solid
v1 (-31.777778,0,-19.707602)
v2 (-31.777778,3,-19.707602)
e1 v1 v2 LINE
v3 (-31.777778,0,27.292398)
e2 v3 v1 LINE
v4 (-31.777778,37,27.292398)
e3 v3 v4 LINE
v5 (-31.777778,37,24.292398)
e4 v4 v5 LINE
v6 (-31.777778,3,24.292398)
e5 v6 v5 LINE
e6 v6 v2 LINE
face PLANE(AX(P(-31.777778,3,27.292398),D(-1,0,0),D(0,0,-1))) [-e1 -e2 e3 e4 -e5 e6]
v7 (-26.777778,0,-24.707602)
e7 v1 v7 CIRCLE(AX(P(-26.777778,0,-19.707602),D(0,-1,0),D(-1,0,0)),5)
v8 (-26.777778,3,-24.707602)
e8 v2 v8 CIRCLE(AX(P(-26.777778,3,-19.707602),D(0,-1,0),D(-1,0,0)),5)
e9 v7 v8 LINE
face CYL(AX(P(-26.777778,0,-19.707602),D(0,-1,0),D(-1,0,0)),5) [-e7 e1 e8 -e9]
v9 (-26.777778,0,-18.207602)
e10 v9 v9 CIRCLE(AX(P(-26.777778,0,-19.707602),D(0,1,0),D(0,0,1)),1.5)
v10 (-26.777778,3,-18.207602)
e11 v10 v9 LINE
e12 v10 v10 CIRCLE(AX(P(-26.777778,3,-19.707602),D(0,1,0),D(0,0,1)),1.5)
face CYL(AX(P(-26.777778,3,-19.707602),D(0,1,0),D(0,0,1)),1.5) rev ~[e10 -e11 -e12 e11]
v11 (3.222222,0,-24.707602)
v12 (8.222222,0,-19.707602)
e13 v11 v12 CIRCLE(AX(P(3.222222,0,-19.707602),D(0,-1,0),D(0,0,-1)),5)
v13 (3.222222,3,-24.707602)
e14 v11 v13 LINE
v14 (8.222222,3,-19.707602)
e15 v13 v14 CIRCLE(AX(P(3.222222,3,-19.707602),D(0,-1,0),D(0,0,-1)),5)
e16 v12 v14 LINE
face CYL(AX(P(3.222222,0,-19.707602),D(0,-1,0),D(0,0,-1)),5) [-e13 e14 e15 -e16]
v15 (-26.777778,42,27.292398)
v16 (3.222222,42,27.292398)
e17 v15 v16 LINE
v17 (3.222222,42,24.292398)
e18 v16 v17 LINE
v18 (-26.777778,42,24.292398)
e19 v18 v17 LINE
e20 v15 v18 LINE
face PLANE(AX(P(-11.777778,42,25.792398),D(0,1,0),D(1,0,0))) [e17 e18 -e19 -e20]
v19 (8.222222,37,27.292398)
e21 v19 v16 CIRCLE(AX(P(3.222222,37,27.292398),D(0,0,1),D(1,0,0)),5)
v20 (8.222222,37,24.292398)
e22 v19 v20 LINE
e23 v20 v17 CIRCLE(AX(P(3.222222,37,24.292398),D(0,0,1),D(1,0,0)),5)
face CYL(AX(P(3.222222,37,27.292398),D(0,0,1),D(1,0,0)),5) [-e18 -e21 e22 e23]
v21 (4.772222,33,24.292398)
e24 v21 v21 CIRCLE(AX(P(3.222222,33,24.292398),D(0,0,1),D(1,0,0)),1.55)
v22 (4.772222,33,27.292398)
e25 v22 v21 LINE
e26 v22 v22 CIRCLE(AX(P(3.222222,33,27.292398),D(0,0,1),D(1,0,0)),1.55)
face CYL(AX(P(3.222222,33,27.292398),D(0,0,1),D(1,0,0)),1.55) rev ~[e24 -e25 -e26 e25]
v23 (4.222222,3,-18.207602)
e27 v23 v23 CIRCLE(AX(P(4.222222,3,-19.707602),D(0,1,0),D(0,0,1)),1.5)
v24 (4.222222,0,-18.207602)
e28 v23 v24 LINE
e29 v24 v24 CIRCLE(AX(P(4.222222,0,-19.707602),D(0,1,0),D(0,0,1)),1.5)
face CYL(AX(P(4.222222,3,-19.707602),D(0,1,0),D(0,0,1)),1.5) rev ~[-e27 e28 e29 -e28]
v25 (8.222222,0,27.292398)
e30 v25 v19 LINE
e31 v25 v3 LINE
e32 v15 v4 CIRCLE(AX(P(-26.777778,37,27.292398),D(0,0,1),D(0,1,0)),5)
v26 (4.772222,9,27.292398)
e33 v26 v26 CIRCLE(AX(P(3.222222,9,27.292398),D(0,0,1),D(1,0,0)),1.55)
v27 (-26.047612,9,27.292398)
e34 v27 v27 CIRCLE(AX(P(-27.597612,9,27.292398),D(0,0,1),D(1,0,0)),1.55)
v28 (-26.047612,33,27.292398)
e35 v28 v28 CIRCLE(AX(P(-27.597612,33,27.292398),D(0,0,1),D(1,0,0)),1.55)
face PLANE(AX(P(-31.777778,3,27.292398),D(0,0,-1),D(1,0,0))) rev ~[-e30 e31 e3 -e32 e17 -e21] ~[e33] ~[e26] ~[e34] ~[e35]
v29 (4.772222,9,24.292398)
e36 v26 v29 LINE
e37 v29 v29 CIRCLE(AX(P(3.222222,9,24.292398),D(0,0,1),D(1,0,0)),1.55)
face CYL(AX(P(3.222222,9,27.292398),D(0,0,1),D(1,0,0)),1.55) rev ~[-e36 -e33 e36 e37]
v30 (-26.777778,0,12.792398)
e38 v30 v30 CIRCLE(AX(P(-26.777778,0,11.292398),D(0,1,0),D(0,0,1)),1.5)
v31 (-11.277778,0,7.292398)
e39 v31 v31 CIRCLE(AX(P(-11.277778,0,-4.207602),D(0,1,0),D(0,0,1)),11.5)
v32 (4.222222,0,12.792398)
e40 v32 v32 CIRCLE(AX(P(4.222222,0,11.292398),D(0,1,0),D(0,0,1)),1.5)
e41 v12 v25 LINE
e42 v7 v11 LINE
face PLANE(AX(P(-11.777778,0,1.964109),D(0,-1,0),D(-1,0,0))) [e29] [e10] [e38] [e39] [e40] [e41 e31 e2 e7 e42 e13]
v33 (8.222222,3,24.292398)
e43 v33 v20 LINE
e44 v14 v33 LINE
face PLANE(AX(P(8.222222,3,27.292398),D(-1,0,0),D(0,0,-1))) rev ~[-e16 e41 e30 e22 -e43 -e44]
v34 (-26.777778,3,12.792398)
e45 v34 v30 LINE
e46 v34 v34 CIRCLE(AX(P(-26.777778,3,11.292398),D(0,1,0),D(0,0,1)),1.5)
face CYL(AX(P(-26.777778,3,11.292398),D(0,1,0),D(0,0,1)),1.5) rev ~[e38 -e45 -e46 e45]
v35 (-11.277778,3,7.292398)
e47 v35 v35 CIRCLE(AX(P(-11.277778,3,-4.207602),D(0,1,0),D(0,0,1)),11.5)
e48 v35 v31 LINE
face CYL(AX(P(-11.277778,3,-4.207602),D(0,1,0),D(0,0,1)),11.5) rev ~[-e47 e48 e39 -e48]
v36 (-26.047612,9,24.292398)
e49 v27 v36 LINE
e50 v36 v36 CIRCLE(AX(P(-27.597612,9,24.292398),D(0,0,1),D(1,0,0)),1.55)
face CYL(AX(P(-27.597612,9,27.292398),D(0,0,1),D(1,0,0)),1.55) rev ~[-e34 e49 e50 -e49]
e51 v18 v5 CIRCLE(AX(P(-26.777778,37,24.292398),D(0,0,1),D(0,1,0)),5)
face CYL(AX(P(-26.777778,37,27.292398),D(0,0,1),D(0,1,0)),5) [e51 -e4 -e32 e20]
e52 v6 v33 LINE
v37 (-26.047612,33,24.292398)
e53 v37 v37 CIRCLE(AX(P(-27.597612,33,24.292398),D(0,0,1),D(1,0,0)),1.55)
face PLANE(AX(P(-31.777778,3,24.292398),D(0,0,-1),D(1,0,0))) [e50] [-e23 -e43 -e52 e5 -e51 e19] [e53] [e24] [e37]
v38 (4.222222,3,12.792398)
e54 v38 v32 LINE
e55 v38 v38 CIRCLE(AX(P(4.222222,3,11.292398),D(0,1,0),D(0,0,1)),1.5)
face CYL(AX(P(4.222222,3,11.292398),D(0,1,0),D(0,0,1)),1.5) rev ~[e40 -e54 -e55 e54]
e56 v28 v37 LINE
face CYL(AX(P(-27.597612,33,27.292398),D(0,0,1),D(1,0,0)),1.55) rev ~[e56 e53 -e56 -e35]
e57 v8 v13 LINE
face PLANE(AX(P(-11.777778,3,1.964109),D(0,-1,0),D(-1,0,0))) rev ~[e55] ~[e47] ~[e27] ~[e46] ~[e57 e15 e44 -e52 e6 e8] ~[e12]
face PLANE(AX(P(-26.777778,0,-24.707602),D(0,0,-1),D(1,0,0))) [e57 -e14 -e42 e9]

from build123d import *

# Parameters (mm, degrees)
EXTRUDE_1_DEPTH     = 3
SKETCH_3_W          = 40
SKETCH_3_H          = 3
EXTRUDE_2_DEPTH     = 39
CUT_EXTRUDE_1_REACH = 76.012
CUT_EXTRUDE_2_REACH = 59.234
SKETCH_5_R          = 1.5
SKETCH_5_R_2        = 11.5
CUT_EXTRUDE_3_REACH = 76.012
SKETCH_6_R          = 1.55


with BuildPart() as part:
    # 草图2 → 凸台-拉伸1 (new body)
    with BuildSketch(Plane(origin=(0, 0, 0), x_dir=(1, 0, 0), z_dir=(0, 1, 0))):
        with BuildLine():
            Line((-26.777777778, 24.707602339), (3.222222222, 24.707602339))
            ThreePointArc((3.222222222, 24.707602339), (6.757756128, 23.243136245), (8.222222222, 19.707602339))
            Line((8.222222222, 19.707602339), (8.222222222, -27.292397661))
            Line((8.222222222, -27.292397661), (-31.777777778, -27.292397661))
            Line((-31.777777778, -27.292397661), (-31.777777778, 19.707602339))
            ThreePointArc((-31.777777778, 19.707602339), (-30.313311684, 23.243136245), (-26.777777778, 24.707602339))
        make_face()
    extrude(amount=EXTRUDE_1_DEPTH)

    # 草图3 → 凸台-拉伸2 (add)
    with BuildSketch(Plane(origin=(0, 3, 0), x_dir=(1, 0, 0), z_dir=(0, 1, 0))):
        with Locations((-11.777777778, -25.792397661)):
            Rectangle(SKETCH_3_W, SKETCH_3_H)
    extrude(amount=EXTRUDE_2_DEPTH)

    # 草图4 → 切除-拉伸1 (cut, up to next)
    with BuildSketch(Plane.XY.offset(27.292397661), mode=Mode.PRIVATE) as cut_extrude_1_sk1:
        with BuildLine():
            Line((-31.777777778, 37), (-31.777777778, 42))
            Line((-31.777777778, 42), (-26.777777778, 42))
            ThreePointArc((-26.777777778, 42), (-30.313311684, 40.535533906), (-31.777777778, 37))
        make_face()
    cut_extrude_1_tool1 = extrude(cut_extrude_1_sk1.sketch, amount=-CUT_EXTRUDE_1_REACH, mode=Mode.PRIVATE) & part.part
    # 草图4 → 切除-拉伸1 (cut, up to next)
    with BuildSketch(Plane.XY.offset(27.292397661), mode=Mode.PRIVATE) as cut_extrude_1_sk2:
        with BuildLine():
            Line((3.222222222, 42), (8.222222222, 42))
            Line((8.222222222, 42), (8.222222222, 37))
            ThreePointArc((8.222222222, 37), (6.757756128, 40.535533906), (3.222222222, 42))
        make_face()
    cut_extrude_1_tool2 = extrude(cut_extrude_1_sk2.sketch, amount=-CUT_EXTRUDE_1_REACH, mode=Mode.PRIVATE) & part.part
    add(cut_extrude_1_tool1.solids().sort_by_distance((-30.660938, 40.88316, 27.292398))[0], mode=Mode.SUBTRACT)
    add(cut_extrude_1_tool2.solids().sort_by_distance((7.105383, 40.88316, 27.292398))[0], mode=Mode.SUBTRACT)

    # 草图5 → 切除-拉伸2 (cut, up to next)
    with BuildSketch(Plane(origin=(0, 3, 0), x_dir=(1, 0, 0), z_dir=(0, 1, 0)), mode=Mode.PRIVATE) as cut_extrude_2_sk1:
        with Locations(Location((-26.777777778, 19.707602339, 0), (0, 0, 270))):
            Circle(SKETCH_5_R)
    cut_extrude_2_tool1 = extrude(cut_extrude_2_sk1.sketch, amount=-CUT_EXTRUDE_2_REACH, mode=Mode.PRIVATE) & part.part
    # 草图5 → 切除-拉伸2 (cut, up to next)
    with BuildSketch(Plane(origin=(0, 3, 0), x_dir=(1, 0, 0), z_dir=(0, 1, 0)), mode=Mode.PRIVATE) as cut_extrude_2_sk2:
        with Locations(Location((4.222222222, 19.707602339, 0), (0, 0, 270))):
            Circle(SKETCH_5_R)
    cut_extrude_2_tool2 = extrude(cut_extrude_2_sk2.sketch, amount=-CUT_EXTRUDE_2_REACH, mode=Mode.PRIVATE) & part.part
    # 草图5 → 切除-拉伸2 (cut, up to next)
    with BuildSketch(Plane(origin=(0, 3, 0), x_dir=(1, 0, 0), z_dir=(0, 1, 0)), mode=Mode.PRIVATE) as cut_extrude_2_sk3:
        with Locations(Location((-26.777777778, -11.292397661, 0), (0, 0, 270))):
            Circle(SKETCH_5_R)
    cut_extrude_2_tool3 = extrude(cut_extrude_2_sk3.sketch, amount=-CUT_EXTRUDE_2_REACH, mode=Mode.PRIVATE) & part.part
    # 草图5 → 切除-拉伸2 (cut, up to next)
    with BuildSketch(Plane(origin=(0, 3, 0), x_dir=(1, 0, 0), z_dir=(0, 1, 0)), mode=Mode.PRIVATE) as cut_extrude_2_sk4:
        with Locations(Location((4.222222222, -11.292397661, 0), (0, 0, 270))):
            Circle(SKETCH_5_R)
    cut_extrude_2_tool4 = extrude(cut_extrude_2_sk4.sketch, amount=-CUT_EXTRUDE_2_REACH, mode=Mode.PRIVATE) & part.part
    # 草图5 → 切除-拉伸2 (cut, up to next)
    with BuildSketch(Plane(origin=(0, 3, 0), x_dir=(1, 0, 0), z_dir=(0, 1, 0)), mode=Mode.PRIVATE) as cut_extrude_2_sk5:
        with Locations(Location((-11.277777778, 4.207602339, 0), (0, 0, 270))):
            Circle(SKETCH_5_R_2)
    cut_extrude_2_tool5 = extrude(cut_extrude_2_sk5.sketch, amount=-CUT_EXTRUDE_2_REACH, mode=Mode.PRIVATE) & part.part
    add(cut_extrude_2_tool1.solids().sort_by_distance((-26.777778, 3, -19.707602))[0], mode=Mode.SUBTRACT)
    add(cut_extrude_2_tool2.solids().sort_by_distance((4.222222, 3, -19.707602))[0], mode=Mode.SUBTRACT)
    add(cut_extrude_2_tool3.solids().sort_by_distance((-26.777778, 3, 11.292398))[0], mode=Mode.SUBTRACT)
    add(cut_extrude_2_tool4.solids().sort_by_distance((4.222222, 3, 11.292398))[0], mode=Mode.SUBTRACT)
    add(cut_extrude_2_tool5.solids().sort_by_distance((-11.277778, 3, -4.207602))[0], mode=Mode.SUBTRACT)

    # 草图6 → 切除-拉伸3 (cut, up to next)
    with BuildSketch(Plane.XY.offset(27.292397661), mode=Mode.PRIVATE) as cut_extrude_3_sk1:
        with Locations((-27.59761171, 9)):
            Circle(SKETCH_6_R)
    cut_extrude_3_tool1 = extrude(cut_extrude_3_sk1.sketch, amount=-CUT_EXTRUDE_3_REACH, mode=Mode.PRIVATE) & part.part
    # 草图6 → 切除-拉伸3 (cut, up to next)
    with BuildSketch(Plane.XY.offset(27.292397661), mode=Mode.PRIVATE) as cut_extrude_3_sk2:
        with Locations((-27.59761171, 33)):
            Circle(SKETCH_6_R)
    cut_extrude_3_tool2 = extrude(cut_extrude_3_sk2.sketch, amount=-CUT_EXTRUDE_3_REACH, mode=Mode.PRIVATE) & part.part
    # 草图6 → 切除-拉伸3 (cut, up to next)
    with BuildSketch(Plane.XY.offset(27.292397661), mode=Mode.PRIVATE) as cut_extrude_3_sk3:
        with Locations((3.222222222, 9)):
            Circle(SKETCH_6_R)
    cut_extrude_3_tool3 = extrude(cut_extrude_3_sk3.sketch, amount=-CUT_EXTRUDE_3_REACH, mode=Mode.PRIVATE) & part.part
    # 草图6 → 切除-拉伸3 (cut, up to next)
    with BuildSketch(Plane.XY.offset(27.292397661), mode=Mode.PRIVATE) as cut_extrude_3_sk4:
        with Locations((3.222222222, 33)):
            Circle(SKETCH_6_R)
    cut_extrude_3_tool4 = extrude(cut_extrude_3_sk4.sketch, amount=-CUT_EXTRUDE_3_REACH, mode=Mode.PRIVATE) & part.part
    add(cut_extrude_3_tool1.solids().sort_by_distance((-27.597612, 9, 27.292398))[0], mode=Mode.SUBTRACT)
    add(cut_extrude_3_tool2.solids().sort_by_distance((-27.597612, 33, 27.292398))[0], mode=Mode.SUBTRACT)
    add(cut_extrude_3_tool3.solids().sort_by_distance((3.222222, 9, 27.292398))[0], mode=Mode.SUBTRACT)
    add(cut_extrude_3_tool4.solids().sort_by_distance((3.222222, 33, 27.292398))[0], mode=Mode.SUBTRACT)


solid = part.part
